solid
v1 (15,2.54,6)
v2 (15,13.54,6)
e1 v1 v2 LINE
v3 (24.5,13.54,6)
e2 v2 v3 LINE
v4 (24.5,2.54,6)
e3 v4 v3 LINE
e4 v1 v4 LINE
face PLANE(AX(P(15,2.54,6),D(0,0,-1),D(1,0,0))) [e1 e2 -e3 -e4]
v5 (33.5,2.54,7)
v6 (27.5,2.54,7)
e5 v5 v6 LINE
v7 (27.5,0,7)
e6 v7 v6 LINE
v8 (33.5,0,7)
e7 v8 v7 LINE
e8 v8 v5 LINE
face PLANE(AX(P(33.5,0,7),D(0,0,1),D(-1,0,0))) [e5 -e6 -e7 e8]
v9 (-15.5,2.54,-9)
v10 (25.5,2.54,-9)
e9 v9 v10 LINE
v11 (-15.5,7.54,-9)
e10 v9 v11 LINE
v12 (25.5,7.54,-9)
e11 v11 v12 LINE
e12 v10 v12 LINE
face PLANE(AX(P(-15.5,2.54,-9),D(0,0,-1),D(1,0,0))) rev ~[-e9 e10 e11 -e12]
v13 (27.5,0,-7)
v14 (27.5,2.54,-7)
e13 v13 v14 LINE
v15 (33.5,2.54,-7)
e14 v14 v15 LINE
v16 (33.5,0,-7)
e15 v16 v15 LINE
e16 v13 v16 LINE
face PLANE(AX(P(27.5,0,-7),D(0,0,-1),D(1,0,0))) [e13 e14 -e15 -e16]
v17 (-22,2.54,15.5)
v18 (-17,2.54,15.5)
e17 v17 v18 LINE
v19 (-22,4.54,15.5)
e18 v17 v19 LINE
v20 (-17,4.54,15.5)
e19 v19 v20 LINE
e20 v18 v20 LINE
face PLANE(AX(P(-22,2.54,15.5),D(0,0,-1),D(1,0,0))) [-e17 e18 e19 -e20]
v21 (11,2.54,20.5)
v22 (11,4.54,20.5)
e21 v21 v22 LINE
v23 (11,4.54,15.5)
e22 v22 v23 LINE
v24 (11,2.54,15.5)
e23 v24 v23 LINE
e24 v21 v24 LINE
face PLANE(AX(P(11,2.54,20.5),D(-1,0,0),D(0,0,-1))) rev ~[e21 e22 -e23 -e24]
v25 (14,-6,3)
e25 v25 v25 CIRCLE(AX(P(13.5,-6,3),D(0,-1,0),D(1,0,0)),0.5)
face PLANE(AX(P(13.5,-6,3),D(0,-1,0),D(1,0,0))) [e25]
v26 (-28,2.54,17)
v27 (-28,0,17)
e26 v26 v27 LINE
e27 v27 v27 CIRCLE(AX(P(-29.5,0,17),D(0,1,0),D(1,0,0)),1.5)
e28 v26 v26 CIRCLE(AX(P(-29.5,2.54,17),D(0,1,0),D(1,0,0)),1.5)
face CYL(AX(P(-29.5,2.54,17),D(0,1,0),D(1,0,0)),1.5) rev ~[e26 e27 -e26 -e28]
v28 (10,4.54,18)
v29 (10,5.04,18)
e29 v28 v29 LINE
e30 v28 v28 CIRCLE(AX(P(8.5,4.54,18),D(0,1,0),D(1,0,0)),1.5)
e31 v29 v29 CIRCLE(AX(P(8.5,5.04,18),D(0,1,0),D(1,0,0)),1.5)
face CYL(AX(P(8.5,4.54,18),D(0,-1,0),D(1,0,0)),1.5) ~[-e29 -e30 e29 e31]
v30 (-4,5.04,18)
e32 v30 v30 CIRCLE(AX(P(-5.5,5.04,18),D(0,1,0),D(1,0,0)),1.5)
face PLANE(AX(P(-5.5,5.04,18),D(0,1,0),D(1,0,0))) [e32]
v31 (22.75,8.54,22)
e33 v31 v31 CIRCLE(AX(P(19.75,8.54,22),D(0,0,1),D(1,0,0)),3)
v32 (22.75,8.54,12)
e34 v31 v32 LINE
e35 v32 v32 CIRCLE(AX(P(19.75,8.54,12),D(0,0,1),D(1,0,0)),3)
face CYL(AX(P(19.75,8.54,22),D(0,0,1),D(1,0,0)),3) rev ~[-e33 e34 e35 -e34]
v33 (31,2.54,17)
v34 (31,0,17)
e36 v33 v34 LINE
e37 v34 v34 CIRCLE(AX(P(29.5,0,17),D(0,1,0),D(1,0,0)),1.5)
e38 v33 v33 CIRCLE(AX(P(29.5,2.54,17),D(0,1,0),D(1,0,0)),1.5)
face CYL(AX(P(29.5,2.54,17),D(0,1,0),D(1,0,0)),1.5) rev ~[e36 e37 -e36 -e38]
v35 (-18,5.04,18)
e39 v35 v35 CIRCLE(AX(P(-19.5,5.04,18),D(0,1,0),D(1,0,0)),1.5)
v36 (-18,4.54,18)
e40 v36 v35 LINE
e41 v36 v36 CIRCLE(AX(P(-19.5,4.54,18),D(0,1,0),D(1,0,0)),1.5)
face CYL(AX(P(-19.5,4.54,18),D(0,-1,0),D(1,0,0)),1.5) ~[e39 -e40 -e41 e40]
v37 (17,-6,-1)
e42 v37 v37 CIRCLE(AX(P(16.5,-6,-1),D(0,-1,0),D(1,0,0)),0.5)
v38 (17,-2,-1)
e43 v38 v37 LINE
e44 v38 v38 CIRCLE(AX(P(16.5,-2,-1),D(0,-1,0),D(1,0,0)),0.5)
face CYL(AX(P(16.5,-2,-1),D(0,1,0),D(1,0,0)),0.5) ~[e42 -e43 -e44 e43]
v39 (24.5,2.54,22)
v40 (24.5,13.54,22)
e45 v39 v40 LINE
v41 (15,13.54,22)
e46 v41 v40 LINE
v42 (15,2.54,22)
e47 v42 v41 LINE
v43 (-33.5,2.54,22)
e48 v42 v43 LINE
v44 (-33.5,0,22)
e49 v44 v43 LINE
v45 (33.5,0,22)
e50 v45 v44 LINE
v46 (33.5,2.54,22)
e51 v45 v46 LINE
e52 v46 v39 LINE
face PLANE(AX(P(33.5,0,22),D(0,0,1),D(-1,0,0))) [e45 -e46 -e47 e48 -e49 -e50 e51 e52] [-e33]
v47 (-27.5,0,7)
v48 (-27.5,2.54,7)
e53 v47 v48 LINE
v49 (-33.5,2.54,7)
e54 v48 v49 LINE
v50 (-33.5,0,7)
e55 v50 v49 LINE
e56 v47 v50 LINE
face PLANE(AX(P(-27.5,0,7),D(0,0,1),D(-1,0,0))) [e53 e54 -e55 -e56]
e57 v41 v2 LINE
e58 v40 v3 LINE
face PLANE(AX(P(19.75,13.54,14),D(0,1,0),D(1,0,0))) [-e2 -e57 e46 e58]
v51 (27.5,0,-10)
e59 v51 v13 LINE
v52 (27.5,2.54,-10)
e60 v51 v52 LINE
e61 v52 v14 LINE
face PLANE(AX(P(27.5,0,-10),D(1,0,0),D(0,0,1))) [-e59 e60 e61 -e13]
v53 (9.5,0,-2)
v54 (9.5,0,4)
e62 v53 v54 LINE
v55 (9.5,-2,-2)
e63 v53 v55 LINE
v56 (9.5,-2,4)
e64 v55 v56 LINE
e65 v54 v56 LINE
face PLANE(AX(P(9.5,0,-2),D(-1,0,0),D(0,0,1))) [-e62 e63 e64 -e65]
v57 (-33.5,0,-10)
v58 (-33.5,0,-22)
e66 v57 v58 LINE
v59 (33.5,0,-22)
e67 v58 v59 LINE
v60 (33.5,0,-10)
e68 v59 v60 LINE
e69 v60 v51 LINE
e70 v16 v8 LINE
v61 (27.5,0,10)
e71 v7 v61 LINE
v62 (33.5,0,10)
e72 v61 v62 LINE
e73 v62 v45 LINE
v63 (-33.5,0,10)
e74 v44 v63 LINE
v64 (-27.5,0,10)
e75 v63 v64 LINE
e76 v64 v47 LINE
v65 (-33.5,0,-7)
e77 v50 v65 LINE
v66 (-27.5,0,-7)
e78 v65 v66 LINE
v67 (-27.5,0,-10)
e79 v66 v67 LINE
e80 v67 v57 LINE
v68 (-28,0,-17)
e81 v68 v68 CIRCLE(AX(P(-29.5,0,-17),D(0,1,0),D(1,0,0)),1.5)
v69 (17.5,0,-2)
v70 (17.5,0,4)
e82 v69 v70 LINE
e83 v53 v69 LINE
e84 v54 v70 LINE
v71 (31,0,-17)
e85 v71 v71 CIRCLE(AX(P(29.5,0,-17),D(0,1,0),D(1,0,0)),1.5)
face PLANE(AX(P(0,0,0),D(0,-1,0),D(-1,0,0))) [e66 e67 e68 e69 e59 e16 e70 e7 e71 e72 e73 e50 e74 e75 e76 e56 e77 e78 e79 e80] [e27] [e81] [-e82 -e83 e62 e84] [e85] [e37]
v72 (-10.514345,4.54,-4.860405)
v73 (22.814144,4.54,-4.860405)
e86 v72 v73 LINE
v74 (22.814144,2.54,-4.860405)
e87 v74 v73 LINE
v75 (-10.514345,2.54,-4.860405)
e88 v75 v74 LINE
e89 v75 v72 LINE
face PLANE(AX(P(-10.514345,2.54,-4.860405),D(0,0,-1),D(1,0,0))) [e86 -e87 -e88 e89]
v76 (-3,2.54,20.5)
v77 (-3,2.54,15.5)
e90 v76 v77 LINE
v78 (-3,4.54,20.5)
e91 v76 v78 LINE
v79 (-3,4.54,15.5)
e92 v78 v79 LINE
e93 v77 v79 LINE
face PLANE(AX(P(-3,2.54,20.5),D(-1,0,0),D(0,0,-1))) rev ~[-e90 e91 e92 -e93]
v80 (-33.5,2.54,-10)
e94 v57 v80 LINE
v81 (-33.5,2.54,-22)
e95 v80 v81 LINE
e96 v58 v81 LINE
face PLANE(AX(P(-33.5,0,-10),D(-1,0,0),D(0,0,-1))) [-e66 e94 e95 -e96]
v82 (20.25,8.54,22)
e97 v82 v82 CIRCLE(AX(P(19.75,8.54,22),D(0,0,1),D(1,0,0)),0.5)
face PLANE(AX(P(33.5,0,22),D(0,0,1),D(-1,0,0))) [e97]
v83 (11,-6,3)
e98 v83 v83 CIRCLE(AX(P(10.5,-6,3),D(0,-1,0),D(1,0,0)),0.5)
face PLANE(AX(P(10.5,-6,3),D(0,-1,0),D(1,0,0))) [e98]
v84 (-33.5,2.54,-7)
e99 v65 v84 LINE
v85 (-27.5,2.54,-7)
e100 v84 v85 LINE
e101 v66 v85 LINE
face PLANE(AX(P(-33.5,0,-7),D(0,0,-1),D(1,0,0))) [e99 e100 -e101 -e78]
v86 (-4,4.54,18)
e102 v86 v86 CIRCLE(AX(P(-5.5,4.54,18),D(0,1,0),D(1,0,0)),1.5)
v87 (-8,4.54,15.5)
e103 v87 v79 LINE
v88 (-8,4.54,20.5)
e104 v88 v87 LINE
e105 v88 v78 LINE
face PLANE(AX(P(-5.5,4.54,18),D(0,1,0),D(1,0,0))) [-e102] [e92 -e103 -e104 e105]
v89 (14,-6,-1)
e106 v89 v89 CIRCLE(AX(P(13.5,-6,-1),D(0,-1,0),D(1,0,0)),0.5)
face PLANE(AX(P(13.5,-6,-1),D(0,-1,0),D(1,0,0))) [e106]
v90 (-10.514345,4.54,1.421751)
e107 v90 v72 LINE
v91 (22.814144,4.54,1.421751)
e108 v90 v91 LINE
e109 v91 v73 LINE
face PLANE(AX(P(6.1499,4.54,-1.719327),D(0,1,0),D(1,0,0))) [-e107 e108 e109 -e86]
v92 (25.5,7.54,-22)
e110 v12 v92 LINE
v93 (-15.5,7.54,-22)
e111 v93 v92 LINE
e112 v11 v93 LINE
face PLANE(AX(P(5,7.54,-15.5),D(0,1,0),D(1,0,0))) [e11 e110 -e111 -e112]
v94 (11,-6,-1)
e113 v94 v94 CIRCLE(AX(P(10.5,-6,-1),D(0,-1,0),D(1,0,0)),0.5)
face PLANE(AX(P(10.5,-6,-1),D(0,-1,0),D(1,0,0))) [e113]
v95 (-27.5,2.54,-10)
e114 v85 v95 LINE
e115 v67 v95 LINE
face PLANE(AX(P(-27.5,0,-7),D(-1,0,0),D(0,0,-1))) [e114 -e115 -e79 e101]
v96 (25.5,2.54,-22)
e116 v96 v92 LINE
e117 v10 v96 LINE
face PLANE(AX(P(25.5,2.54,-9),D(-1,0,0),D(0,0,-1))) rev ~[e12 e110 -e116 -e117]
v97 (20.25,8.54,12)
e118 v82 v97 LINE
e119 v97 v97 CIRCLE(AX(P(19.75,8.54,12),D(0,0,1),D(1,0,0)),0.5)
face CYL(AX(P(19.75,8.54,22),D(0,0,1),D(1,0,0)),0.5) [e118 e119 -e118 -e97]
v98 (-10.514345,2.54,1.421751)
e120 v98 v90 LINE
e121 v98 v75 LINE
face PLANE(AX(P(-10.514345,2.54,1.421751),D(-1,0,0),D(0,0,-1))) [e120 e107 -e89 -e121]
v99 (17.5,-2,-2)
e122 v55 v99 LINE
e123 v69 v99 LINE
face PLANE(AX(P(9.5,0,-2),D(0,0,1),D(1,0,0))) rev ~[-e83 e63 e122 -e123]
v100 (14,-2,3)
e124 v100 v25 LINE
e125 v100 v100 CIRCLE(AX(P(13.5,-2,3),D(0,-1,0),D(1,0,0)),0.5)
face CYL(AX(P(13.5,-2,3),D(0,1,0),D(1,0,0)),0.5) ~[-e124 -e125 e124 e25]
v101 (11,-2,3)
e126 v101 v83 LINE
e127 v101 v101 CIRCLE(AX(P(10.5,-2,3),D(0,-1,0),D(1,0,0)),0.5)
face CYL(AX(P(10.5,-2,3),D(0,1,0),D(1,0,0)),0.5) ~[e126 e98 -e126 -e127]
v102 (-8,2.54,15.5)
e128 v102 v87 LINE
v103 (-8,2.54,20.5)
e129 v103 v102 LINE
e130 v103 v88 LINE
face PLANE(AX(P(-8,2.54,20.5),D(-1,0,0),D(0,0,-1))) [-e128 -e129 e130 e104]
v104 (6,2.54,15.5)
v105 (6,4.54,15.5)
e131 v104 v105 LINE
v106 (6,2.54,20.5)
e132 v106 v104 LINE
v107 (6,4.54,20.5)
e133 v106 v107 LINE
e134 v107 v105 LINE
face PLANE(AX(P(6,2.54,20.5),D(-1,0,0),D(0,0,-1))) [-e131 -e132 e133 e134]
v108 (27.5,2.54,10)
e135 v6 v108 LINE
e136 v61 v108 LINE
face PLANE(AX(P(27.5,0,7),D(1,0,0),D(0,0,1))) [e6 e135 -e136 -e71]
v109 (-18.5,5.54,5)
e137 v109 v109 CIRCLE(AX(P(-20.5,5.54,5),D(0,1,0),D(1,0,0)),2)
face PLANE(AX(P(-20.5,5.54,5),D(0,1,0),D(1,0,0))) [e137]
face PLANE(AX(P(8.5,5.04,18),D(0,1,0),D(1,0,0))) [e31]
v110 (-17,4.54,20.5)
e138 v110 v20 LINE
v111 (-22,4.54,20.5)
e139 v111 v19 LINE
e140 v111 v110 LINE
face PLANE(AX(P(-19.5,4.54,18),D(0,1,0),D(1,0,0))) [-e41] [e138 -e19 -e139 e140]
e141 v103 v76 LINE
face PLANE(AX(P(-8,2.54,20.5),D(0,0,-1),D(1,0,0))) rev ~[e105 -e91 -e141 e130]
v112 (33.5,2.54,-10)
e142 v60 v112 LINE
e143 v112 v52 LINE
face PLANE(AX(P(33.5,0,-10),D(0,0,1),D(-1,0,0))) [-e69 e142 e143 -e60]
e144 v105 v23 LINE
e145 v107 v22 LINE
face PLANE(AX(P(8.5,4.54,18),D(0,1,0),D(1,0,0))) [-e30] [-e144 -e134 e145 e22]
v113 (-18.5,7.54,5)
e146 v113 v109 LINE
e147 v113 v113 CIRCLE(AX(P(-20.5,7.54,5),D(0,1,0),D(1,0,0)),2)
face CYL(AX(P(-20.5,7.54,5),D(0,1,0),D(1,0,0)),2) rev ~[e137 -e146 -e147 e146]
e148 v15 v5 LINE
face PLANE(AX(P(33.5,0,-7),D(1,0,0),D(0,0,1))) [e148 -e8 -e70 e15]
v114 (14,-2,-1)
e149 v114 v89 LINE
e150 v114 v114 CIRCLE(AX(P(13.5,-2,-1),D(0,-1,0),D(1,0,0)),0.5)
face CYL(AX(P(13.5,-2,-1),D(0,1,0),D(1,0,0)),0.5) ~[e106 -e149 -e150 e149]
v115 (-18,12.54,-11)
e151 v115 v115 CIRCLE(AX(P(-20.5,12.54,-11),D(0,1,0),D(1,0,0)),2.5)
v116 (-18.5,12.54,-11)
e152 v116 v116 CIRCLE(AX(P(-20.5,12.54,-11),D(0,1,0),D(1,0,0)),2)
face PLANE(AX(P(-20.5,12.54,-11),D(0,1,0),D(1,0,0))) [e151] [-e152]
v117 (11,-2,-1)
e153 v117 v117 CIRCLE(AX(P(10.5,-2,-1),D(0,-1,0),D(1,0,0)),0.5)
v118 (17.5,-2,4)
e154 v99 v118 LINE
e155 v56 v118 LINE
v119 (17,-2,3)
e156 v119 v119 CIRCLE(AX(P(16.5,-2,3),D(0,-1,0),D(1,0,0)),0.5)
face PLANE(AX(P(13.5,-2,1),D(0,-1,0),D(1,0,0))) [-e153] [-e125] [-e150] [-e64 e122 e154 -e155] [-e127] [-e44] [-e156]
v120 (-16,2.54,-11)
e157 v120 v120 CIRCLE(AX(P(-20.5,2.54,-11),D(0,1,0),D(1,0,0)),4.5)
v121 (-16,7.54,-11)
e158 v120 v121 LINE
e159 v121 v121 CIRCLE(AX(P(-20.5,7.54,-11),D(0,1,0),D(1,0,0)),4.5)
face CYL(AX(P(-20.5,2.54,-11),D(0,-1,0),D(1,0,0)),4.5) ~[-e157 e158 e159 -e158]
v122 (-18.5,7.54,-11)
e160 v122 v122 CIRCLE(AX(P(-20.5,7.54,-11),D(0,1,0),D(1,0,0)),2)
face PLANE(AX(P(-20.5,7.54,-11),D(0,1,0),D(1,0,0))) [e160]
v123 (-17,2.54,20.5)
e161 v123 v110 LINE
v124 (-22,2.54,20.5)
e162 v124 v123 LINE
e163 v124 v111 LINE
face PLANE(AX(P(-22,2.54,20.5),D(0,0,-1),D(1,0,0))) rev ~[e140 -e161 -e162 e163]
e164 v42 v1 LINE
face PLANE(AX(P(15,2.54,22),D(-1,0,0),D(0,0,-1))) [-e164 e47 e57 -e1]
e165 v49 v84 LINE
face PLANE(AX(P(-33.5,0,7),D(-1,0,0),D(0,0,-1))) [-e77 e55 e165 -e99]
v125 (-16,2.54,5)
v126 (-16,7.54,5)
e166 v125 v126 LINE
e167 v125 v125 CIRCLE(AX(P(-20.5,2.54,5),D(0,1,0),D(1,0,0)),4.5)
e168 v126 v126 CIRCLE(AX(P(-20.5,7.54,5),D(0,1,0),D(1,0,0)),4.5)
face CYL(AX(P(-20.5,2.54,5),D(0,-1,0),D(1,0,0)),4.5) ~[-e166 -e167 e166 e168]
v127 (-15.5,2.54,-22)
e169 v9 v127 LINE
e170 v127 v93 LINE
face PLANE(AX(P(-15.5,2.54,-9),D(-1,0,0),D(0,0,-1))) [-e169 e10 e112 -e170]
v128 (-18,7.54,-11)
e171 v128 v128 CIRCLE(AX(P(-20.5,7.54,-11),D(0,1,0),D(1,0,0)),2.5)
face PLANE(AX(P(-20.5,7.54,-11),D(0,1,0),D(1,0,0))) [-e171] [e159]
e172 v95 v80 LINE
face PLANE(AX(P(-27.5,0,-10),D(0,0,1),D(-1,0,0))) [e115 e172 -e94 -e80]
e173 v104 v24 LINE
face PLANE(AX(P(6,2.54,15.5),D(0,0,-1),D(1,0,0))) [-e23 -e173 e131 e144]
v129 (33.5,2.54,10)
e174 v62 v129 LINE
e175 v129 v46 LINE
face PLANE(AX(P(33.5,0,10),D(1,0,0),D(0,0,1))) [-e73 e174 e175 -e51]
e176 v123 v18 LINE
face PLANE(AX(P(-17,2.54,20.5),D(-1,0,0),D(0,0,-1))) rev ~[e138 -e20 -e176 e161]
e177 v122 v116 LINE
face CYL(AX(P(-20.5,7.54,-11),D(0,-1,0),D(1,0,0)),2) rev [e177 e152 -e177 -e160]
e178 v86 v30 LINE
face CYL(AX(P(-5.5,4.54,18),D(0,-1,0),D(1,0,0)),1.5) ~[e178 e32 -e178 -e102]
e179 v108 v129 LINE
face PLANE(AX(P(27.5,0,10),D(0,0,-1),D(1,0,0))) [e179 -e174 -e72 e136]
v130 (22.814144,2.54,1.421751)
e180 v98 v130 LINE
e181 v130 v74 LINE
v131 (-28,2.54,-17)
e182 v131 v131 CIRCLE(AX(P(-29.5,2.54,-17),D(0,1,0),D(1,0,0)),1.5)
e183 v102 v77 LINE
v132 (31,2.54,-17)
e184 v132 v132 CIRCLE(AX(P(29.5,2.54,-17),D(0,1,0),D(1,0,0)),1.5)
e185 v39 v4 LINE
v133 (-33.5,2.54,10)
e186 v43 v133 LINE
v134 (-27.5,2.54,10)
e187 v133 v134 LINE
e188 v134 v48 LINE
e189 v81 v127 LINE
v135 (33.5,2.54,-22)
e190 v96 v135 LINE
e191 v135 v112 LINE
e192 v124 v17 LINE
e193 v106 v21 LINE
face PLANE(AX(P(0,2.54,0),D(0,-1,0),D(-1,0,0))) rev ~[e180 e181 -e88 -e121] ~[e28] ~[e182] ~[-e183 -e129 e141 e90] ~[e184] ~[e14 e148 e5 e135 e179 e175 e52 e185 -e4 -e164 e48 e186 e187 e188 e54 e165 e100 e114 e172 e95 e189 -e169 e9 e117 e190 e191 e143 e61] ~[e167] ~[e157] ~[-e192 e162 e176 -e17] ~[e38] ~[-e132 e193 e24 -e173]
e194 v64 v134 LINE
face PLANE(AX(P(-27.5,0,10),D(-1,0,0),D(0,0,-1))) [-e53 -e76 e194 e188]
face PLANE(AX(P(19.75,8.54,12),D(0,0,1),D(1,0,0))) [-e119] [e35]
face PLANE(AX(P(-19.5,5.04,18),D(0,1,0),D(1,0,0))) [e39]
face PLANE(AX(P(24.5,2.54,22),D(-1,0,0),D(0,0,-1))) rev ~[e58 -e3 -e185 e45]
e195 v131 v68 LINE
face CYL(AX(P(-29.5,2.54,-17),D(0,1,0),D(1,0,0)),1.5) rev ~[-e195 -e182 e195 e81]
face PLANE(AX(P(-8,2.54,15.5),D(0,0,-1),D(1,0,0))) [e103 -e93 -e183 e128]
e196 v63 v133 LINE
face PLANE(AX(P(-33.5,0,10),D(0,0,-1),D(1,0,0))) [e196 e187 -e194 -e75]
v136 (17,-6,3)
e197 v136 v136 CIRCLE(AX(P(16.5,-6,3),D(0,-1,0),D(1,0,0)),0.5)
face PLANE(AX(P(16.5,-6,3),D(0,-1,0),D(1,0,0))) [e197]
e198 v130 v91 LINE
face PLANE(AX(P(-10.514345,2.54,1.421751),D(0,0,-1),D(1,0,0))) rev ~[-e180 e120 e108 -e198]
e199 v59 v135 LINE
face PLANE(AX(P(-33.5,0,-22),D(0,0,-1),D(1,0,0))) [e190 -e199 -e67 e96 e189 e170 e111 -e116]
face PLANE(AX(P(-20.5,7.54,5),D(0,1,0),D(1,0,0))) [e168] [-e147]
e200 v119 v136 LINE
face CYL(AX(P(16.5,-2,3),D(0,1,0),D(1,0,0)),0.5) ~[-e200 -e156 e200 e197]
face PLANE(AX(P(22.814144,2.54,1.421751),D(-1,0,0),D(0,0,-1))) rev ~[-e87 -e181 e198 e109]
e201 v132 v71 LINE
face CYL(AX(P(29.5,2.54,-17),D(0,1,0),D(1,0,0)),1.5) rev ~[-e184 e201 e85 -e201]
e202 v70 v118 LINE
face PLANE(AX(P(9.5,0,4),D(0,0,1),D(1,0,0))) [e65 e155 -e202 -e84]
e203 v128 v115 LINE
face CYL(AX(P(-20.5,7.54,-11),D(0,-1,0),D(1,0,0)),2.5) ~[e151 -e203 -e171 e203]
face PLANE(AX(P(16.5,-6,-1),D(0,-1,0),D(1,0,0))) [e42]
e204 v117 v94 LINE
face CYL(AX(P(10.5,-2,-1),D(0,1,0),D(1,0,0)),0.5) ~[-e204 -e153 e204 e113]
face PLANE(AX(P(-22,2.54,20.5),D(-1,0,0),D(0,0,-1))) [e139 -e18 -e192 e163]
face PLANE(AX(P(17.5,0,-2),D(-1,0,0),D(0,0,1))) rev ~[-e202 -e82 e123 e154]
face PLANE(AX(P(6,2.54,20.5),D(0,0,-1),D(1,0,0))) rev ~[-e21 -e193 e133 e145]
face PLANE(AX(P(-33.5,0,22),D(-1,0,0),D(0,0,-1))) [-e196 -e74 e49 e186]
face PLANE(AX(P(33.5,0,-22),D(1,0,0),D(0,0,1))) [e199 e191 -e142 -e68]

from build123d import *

# Parameters (mm, degrees)
BOSS_EXTRUDE1_DEPTH  = 2.54
SKETCH2_R            = 1.5
CUT_EXTRUDE1_DEPTH   = 3.54
SKETCH3_R            = 4.5
BOSS_EXTRUDE2_DEPTH  = 5
SKETCH4_R            = 2.5
SKETCH4_R_2          = 2
BOSS_EXTRUDE3_DEPTH  = 5
SKETCH5_R            = 2
CUT_EXTRUDE2_DEPTH   = 2
SKETCH6_W            = 41
SKETCH6_H            = 13
BOSS_EXTRUDE4_DEPTH  = 5
SKETCH7_W            = 5
SKETCH7_H            = 5
BOSS_EXTRUDE5_DEPTH  = 2
SKETCH8_R            = 1.5
BOSS_EXTRUDE6_DEPTH  = 0.5
SKETCH9_W            = 9.5
SKETCH9_H            = 16
BOSS_EXTRUDE7_DEPTH  = 11
SKETCH10_R           = 3
SKETCH10_R_2         = 0.5
CUT_EXTRUDE3_DEPTH   = 10
SKETCH11_W           = 33.328489161
SKETCH11_H           = 6.282155695
BOSS_EXTRUDE8_DEPTH  = 2
SKETCH12_W           = 8
SKETCH12_H           = 6
BOSS_EXTRUDE9_DEPTH  = 2
SKETCH13_R           = 0.5
BOSS_EXTRUDE10_DEPTH = 4


with BuildPart() as part:
    # Sketch1 → Boss-Extrude1 (new body)
    with BuildSketch(Plane(origin=(0, 0, 0), x_dir=(1, 0, 0), z_dir=(0, 1, 0))):
        Polygon((-33.5, 10), (-33.5, 22), (33.5, 22), (33.5, 10), (27.5, 10), (27.5, 7), (33.5, 7), (33.5, -7), (27.5, -7), (27.5, -10), (33.5, -10), (33.5, -22), (-33.5, -22), (-33.5, -10), (-27.5, -10), (-27.5, -7), (-33.5, -7), (-33.5, 7), (-27.5, 7), (-27.5, 10), align=None)
    extrude(amount=BOSS_EXTRUDE1_DEPTH)

    # Sketch2 → Cut-Extrude1 (cut, through all)
    with BuildSketch(Plane(origin=(0, 2.54, 0), x_dir=(1, 0, 0), z_dir=(0, 1, 0))):
        with Locations((-29.5, -17)):
            Circle(SKETCH2_R)
        with Locations((-29.5, 17)):
            Circle(SKETCH2_R)
        with Locations((29.5, 17)):
            Circle(SKETCH2_R)
        with Locations((29.5, -17)):
            Circle(SKETCH2_R)
    extrude(amount=-CUT_EXTRUDE1_DEPTH, mode=Mode.SUBTRACT)

    # Sketch3 → Boss-Extrude2 (add)
    with BuildSketch(Plane(origin=(0, 2.54, 0), x_dir=(1, 0, 0), z_dir=(0, 1, 0))):
        with Locations((-20.5, 11)):
            Circle(SKETCH3_R)
        with Locations((-20.5, -5)):
            Circle(SKETCH3_R)
    extrude(amount=BOSS_EXTRUDE2_DEPTH)

    # Sketch4 → Boss-Extrude3 (add)
    with BuildSketch(Plane(origin=(0, 7.54, 0), x_dir=(1, 0, 0), z_dir=(0, 1, 0))):
        with Locations((-20.5, 11)):
            Circle(SKETCH4_R)
        with Locations((-20.5, 11)):
            Circle(SKETCH4_R_2, mode=Mode.SUBTRACT)
    extrude(amount=BOSS_EXTRUDE3_DEPTH)

    # Sketch5 → Cut-Extrude2 (cut)
    with BuildSketch(Plane(origin=(0, 7.54, 0), x_dir=(1, 0, 0), z_dir=(0, 1, 0))):
        with Locations((-20.5, -5)):
            Circle(SKETCH5_R)
    extrude(amount=-CUT_EXTRUDE2_DEPTH, mode=Mode.SUBTRACT)

    # Sketch6 → Boss-Extrude4 (add)
    with BuildSketch(Plane(origin=(0, 2.54, 0), x_dir=(1, 0, 0), z_dir=(0, 1, 0))):
        with Locations((5, 15.5)):
            Rectangle(SKETCH6_W, SKETCH6_H)
    extrude(amount=BOSS_EXTRUDE4_DEPTH)

    # Sketch7 → Boss-Extrude5 (add)
    with BuildSketch(Plane(origin=(0, 2.54, 0), x_dir=(1, 0, 0), z_dir=(0, 1, 0))):
        with Locations((-19.5, -18)):
            Rectangle(SKETCH7_W, SKETCH7_H)
        with Locations((-5.5, -18)):
            Rectangle(SKETCH7_W, SKETCH7_H)
        with Locations((8.5, -18)):
            Rectangle(SKETCH7_W, SKETCH7_H)
    extrude(amount=BOSS_EXTRUDE5_DEPTH)

    # Sketch8 → Boss-Extrude6 (add)
    with BuildSketch(Plane(origin=(0, 4.54, 0), x_dir=(1, 0, 0), z_dir=(0, 1, 0))):
        with Locations((-19.5, -18)):
            Circle(SKETCH8_R)
        with Locations((-5.5, -18)):
            Circle(SKETCH8_R)
        with Locations((8.5, -18)):
            Circle(SKETCH8_R)
    extrude(amount=BOSS_EXTRUDE6_DEPTH)

    # Sketch9 → Boss-Extrude7 (add)
    with BuildSketch(Plane(origin=(0, 2.54, 0), x_dir=(1, 0, 0), z_dir=(0, 1, 0))):
        with Locations((19.75, -14)):
            Rectangle(SKETCH9_W, SKETCH9_H)
    extrude(amount=BOSS_EXTRUDE7_DEPTH)

    # Sketch10 → Cut-Extrude3 (cut)
    with BuildSketch(Plane.XY.offset(22)):
        with Locations((19.75, 8.54)):
            Circle(SKETCH10_R)
        with Locations((19.75, 8.54)):
            Circle(SKETCH10_R_2, mode=Mode.SUBTRACT)
    extrude(amount=-CUT_EXTRUDE3_DEPTH, mode=Mode.SUBTRACT)

    # Sketch11 → Boss-Extrude8 (add)
    with BuildSketch(Plane(origin=(0, 2.54, 0), x_dir=(1, 0, 0), z_dir=(0, 1, 0))):
        with Locations((6.149899785, 1.719326822)):
            Rectangle(SKETCH11_W, SKETCH11_H)
    extrude(amount=BOSS_EXTRUDE8_DEPTH)

    # Sketch12 → Boss-Extrude9 (add)
    with BuildSketch(Plane.XZ):
        with Locations((13.5, 1)):
            Rectangle(SKETCH12_W, SKETCH12_H)
    extrude(amount=BOSS_EXTRUDE9_DEPTH)

    # Sketch13 → Boss-Extrude10 (add)
    with BuildSketch(Plane.XZ.offset(2)):
        with Locations((10.5, 3)):
            Circle(SKETCH13_R)
        with Locations((13.5, 3)):
            Circle(SKETCH13_R)
        with Locations((16.5, 3)):
            Circle(SKETCH13_R)
        with Locations((16.5, -1)):
            Circle(SKETCH13_R)
        with Locations((13.5, -1)):
            Circle(SKETCH13_R)
        with Locations((10.5, -1)):
            Circle(SKETCH13_R)
    extrude(amount=BOSS_EXTRUDE10_DEPTH)


solid = part.part
